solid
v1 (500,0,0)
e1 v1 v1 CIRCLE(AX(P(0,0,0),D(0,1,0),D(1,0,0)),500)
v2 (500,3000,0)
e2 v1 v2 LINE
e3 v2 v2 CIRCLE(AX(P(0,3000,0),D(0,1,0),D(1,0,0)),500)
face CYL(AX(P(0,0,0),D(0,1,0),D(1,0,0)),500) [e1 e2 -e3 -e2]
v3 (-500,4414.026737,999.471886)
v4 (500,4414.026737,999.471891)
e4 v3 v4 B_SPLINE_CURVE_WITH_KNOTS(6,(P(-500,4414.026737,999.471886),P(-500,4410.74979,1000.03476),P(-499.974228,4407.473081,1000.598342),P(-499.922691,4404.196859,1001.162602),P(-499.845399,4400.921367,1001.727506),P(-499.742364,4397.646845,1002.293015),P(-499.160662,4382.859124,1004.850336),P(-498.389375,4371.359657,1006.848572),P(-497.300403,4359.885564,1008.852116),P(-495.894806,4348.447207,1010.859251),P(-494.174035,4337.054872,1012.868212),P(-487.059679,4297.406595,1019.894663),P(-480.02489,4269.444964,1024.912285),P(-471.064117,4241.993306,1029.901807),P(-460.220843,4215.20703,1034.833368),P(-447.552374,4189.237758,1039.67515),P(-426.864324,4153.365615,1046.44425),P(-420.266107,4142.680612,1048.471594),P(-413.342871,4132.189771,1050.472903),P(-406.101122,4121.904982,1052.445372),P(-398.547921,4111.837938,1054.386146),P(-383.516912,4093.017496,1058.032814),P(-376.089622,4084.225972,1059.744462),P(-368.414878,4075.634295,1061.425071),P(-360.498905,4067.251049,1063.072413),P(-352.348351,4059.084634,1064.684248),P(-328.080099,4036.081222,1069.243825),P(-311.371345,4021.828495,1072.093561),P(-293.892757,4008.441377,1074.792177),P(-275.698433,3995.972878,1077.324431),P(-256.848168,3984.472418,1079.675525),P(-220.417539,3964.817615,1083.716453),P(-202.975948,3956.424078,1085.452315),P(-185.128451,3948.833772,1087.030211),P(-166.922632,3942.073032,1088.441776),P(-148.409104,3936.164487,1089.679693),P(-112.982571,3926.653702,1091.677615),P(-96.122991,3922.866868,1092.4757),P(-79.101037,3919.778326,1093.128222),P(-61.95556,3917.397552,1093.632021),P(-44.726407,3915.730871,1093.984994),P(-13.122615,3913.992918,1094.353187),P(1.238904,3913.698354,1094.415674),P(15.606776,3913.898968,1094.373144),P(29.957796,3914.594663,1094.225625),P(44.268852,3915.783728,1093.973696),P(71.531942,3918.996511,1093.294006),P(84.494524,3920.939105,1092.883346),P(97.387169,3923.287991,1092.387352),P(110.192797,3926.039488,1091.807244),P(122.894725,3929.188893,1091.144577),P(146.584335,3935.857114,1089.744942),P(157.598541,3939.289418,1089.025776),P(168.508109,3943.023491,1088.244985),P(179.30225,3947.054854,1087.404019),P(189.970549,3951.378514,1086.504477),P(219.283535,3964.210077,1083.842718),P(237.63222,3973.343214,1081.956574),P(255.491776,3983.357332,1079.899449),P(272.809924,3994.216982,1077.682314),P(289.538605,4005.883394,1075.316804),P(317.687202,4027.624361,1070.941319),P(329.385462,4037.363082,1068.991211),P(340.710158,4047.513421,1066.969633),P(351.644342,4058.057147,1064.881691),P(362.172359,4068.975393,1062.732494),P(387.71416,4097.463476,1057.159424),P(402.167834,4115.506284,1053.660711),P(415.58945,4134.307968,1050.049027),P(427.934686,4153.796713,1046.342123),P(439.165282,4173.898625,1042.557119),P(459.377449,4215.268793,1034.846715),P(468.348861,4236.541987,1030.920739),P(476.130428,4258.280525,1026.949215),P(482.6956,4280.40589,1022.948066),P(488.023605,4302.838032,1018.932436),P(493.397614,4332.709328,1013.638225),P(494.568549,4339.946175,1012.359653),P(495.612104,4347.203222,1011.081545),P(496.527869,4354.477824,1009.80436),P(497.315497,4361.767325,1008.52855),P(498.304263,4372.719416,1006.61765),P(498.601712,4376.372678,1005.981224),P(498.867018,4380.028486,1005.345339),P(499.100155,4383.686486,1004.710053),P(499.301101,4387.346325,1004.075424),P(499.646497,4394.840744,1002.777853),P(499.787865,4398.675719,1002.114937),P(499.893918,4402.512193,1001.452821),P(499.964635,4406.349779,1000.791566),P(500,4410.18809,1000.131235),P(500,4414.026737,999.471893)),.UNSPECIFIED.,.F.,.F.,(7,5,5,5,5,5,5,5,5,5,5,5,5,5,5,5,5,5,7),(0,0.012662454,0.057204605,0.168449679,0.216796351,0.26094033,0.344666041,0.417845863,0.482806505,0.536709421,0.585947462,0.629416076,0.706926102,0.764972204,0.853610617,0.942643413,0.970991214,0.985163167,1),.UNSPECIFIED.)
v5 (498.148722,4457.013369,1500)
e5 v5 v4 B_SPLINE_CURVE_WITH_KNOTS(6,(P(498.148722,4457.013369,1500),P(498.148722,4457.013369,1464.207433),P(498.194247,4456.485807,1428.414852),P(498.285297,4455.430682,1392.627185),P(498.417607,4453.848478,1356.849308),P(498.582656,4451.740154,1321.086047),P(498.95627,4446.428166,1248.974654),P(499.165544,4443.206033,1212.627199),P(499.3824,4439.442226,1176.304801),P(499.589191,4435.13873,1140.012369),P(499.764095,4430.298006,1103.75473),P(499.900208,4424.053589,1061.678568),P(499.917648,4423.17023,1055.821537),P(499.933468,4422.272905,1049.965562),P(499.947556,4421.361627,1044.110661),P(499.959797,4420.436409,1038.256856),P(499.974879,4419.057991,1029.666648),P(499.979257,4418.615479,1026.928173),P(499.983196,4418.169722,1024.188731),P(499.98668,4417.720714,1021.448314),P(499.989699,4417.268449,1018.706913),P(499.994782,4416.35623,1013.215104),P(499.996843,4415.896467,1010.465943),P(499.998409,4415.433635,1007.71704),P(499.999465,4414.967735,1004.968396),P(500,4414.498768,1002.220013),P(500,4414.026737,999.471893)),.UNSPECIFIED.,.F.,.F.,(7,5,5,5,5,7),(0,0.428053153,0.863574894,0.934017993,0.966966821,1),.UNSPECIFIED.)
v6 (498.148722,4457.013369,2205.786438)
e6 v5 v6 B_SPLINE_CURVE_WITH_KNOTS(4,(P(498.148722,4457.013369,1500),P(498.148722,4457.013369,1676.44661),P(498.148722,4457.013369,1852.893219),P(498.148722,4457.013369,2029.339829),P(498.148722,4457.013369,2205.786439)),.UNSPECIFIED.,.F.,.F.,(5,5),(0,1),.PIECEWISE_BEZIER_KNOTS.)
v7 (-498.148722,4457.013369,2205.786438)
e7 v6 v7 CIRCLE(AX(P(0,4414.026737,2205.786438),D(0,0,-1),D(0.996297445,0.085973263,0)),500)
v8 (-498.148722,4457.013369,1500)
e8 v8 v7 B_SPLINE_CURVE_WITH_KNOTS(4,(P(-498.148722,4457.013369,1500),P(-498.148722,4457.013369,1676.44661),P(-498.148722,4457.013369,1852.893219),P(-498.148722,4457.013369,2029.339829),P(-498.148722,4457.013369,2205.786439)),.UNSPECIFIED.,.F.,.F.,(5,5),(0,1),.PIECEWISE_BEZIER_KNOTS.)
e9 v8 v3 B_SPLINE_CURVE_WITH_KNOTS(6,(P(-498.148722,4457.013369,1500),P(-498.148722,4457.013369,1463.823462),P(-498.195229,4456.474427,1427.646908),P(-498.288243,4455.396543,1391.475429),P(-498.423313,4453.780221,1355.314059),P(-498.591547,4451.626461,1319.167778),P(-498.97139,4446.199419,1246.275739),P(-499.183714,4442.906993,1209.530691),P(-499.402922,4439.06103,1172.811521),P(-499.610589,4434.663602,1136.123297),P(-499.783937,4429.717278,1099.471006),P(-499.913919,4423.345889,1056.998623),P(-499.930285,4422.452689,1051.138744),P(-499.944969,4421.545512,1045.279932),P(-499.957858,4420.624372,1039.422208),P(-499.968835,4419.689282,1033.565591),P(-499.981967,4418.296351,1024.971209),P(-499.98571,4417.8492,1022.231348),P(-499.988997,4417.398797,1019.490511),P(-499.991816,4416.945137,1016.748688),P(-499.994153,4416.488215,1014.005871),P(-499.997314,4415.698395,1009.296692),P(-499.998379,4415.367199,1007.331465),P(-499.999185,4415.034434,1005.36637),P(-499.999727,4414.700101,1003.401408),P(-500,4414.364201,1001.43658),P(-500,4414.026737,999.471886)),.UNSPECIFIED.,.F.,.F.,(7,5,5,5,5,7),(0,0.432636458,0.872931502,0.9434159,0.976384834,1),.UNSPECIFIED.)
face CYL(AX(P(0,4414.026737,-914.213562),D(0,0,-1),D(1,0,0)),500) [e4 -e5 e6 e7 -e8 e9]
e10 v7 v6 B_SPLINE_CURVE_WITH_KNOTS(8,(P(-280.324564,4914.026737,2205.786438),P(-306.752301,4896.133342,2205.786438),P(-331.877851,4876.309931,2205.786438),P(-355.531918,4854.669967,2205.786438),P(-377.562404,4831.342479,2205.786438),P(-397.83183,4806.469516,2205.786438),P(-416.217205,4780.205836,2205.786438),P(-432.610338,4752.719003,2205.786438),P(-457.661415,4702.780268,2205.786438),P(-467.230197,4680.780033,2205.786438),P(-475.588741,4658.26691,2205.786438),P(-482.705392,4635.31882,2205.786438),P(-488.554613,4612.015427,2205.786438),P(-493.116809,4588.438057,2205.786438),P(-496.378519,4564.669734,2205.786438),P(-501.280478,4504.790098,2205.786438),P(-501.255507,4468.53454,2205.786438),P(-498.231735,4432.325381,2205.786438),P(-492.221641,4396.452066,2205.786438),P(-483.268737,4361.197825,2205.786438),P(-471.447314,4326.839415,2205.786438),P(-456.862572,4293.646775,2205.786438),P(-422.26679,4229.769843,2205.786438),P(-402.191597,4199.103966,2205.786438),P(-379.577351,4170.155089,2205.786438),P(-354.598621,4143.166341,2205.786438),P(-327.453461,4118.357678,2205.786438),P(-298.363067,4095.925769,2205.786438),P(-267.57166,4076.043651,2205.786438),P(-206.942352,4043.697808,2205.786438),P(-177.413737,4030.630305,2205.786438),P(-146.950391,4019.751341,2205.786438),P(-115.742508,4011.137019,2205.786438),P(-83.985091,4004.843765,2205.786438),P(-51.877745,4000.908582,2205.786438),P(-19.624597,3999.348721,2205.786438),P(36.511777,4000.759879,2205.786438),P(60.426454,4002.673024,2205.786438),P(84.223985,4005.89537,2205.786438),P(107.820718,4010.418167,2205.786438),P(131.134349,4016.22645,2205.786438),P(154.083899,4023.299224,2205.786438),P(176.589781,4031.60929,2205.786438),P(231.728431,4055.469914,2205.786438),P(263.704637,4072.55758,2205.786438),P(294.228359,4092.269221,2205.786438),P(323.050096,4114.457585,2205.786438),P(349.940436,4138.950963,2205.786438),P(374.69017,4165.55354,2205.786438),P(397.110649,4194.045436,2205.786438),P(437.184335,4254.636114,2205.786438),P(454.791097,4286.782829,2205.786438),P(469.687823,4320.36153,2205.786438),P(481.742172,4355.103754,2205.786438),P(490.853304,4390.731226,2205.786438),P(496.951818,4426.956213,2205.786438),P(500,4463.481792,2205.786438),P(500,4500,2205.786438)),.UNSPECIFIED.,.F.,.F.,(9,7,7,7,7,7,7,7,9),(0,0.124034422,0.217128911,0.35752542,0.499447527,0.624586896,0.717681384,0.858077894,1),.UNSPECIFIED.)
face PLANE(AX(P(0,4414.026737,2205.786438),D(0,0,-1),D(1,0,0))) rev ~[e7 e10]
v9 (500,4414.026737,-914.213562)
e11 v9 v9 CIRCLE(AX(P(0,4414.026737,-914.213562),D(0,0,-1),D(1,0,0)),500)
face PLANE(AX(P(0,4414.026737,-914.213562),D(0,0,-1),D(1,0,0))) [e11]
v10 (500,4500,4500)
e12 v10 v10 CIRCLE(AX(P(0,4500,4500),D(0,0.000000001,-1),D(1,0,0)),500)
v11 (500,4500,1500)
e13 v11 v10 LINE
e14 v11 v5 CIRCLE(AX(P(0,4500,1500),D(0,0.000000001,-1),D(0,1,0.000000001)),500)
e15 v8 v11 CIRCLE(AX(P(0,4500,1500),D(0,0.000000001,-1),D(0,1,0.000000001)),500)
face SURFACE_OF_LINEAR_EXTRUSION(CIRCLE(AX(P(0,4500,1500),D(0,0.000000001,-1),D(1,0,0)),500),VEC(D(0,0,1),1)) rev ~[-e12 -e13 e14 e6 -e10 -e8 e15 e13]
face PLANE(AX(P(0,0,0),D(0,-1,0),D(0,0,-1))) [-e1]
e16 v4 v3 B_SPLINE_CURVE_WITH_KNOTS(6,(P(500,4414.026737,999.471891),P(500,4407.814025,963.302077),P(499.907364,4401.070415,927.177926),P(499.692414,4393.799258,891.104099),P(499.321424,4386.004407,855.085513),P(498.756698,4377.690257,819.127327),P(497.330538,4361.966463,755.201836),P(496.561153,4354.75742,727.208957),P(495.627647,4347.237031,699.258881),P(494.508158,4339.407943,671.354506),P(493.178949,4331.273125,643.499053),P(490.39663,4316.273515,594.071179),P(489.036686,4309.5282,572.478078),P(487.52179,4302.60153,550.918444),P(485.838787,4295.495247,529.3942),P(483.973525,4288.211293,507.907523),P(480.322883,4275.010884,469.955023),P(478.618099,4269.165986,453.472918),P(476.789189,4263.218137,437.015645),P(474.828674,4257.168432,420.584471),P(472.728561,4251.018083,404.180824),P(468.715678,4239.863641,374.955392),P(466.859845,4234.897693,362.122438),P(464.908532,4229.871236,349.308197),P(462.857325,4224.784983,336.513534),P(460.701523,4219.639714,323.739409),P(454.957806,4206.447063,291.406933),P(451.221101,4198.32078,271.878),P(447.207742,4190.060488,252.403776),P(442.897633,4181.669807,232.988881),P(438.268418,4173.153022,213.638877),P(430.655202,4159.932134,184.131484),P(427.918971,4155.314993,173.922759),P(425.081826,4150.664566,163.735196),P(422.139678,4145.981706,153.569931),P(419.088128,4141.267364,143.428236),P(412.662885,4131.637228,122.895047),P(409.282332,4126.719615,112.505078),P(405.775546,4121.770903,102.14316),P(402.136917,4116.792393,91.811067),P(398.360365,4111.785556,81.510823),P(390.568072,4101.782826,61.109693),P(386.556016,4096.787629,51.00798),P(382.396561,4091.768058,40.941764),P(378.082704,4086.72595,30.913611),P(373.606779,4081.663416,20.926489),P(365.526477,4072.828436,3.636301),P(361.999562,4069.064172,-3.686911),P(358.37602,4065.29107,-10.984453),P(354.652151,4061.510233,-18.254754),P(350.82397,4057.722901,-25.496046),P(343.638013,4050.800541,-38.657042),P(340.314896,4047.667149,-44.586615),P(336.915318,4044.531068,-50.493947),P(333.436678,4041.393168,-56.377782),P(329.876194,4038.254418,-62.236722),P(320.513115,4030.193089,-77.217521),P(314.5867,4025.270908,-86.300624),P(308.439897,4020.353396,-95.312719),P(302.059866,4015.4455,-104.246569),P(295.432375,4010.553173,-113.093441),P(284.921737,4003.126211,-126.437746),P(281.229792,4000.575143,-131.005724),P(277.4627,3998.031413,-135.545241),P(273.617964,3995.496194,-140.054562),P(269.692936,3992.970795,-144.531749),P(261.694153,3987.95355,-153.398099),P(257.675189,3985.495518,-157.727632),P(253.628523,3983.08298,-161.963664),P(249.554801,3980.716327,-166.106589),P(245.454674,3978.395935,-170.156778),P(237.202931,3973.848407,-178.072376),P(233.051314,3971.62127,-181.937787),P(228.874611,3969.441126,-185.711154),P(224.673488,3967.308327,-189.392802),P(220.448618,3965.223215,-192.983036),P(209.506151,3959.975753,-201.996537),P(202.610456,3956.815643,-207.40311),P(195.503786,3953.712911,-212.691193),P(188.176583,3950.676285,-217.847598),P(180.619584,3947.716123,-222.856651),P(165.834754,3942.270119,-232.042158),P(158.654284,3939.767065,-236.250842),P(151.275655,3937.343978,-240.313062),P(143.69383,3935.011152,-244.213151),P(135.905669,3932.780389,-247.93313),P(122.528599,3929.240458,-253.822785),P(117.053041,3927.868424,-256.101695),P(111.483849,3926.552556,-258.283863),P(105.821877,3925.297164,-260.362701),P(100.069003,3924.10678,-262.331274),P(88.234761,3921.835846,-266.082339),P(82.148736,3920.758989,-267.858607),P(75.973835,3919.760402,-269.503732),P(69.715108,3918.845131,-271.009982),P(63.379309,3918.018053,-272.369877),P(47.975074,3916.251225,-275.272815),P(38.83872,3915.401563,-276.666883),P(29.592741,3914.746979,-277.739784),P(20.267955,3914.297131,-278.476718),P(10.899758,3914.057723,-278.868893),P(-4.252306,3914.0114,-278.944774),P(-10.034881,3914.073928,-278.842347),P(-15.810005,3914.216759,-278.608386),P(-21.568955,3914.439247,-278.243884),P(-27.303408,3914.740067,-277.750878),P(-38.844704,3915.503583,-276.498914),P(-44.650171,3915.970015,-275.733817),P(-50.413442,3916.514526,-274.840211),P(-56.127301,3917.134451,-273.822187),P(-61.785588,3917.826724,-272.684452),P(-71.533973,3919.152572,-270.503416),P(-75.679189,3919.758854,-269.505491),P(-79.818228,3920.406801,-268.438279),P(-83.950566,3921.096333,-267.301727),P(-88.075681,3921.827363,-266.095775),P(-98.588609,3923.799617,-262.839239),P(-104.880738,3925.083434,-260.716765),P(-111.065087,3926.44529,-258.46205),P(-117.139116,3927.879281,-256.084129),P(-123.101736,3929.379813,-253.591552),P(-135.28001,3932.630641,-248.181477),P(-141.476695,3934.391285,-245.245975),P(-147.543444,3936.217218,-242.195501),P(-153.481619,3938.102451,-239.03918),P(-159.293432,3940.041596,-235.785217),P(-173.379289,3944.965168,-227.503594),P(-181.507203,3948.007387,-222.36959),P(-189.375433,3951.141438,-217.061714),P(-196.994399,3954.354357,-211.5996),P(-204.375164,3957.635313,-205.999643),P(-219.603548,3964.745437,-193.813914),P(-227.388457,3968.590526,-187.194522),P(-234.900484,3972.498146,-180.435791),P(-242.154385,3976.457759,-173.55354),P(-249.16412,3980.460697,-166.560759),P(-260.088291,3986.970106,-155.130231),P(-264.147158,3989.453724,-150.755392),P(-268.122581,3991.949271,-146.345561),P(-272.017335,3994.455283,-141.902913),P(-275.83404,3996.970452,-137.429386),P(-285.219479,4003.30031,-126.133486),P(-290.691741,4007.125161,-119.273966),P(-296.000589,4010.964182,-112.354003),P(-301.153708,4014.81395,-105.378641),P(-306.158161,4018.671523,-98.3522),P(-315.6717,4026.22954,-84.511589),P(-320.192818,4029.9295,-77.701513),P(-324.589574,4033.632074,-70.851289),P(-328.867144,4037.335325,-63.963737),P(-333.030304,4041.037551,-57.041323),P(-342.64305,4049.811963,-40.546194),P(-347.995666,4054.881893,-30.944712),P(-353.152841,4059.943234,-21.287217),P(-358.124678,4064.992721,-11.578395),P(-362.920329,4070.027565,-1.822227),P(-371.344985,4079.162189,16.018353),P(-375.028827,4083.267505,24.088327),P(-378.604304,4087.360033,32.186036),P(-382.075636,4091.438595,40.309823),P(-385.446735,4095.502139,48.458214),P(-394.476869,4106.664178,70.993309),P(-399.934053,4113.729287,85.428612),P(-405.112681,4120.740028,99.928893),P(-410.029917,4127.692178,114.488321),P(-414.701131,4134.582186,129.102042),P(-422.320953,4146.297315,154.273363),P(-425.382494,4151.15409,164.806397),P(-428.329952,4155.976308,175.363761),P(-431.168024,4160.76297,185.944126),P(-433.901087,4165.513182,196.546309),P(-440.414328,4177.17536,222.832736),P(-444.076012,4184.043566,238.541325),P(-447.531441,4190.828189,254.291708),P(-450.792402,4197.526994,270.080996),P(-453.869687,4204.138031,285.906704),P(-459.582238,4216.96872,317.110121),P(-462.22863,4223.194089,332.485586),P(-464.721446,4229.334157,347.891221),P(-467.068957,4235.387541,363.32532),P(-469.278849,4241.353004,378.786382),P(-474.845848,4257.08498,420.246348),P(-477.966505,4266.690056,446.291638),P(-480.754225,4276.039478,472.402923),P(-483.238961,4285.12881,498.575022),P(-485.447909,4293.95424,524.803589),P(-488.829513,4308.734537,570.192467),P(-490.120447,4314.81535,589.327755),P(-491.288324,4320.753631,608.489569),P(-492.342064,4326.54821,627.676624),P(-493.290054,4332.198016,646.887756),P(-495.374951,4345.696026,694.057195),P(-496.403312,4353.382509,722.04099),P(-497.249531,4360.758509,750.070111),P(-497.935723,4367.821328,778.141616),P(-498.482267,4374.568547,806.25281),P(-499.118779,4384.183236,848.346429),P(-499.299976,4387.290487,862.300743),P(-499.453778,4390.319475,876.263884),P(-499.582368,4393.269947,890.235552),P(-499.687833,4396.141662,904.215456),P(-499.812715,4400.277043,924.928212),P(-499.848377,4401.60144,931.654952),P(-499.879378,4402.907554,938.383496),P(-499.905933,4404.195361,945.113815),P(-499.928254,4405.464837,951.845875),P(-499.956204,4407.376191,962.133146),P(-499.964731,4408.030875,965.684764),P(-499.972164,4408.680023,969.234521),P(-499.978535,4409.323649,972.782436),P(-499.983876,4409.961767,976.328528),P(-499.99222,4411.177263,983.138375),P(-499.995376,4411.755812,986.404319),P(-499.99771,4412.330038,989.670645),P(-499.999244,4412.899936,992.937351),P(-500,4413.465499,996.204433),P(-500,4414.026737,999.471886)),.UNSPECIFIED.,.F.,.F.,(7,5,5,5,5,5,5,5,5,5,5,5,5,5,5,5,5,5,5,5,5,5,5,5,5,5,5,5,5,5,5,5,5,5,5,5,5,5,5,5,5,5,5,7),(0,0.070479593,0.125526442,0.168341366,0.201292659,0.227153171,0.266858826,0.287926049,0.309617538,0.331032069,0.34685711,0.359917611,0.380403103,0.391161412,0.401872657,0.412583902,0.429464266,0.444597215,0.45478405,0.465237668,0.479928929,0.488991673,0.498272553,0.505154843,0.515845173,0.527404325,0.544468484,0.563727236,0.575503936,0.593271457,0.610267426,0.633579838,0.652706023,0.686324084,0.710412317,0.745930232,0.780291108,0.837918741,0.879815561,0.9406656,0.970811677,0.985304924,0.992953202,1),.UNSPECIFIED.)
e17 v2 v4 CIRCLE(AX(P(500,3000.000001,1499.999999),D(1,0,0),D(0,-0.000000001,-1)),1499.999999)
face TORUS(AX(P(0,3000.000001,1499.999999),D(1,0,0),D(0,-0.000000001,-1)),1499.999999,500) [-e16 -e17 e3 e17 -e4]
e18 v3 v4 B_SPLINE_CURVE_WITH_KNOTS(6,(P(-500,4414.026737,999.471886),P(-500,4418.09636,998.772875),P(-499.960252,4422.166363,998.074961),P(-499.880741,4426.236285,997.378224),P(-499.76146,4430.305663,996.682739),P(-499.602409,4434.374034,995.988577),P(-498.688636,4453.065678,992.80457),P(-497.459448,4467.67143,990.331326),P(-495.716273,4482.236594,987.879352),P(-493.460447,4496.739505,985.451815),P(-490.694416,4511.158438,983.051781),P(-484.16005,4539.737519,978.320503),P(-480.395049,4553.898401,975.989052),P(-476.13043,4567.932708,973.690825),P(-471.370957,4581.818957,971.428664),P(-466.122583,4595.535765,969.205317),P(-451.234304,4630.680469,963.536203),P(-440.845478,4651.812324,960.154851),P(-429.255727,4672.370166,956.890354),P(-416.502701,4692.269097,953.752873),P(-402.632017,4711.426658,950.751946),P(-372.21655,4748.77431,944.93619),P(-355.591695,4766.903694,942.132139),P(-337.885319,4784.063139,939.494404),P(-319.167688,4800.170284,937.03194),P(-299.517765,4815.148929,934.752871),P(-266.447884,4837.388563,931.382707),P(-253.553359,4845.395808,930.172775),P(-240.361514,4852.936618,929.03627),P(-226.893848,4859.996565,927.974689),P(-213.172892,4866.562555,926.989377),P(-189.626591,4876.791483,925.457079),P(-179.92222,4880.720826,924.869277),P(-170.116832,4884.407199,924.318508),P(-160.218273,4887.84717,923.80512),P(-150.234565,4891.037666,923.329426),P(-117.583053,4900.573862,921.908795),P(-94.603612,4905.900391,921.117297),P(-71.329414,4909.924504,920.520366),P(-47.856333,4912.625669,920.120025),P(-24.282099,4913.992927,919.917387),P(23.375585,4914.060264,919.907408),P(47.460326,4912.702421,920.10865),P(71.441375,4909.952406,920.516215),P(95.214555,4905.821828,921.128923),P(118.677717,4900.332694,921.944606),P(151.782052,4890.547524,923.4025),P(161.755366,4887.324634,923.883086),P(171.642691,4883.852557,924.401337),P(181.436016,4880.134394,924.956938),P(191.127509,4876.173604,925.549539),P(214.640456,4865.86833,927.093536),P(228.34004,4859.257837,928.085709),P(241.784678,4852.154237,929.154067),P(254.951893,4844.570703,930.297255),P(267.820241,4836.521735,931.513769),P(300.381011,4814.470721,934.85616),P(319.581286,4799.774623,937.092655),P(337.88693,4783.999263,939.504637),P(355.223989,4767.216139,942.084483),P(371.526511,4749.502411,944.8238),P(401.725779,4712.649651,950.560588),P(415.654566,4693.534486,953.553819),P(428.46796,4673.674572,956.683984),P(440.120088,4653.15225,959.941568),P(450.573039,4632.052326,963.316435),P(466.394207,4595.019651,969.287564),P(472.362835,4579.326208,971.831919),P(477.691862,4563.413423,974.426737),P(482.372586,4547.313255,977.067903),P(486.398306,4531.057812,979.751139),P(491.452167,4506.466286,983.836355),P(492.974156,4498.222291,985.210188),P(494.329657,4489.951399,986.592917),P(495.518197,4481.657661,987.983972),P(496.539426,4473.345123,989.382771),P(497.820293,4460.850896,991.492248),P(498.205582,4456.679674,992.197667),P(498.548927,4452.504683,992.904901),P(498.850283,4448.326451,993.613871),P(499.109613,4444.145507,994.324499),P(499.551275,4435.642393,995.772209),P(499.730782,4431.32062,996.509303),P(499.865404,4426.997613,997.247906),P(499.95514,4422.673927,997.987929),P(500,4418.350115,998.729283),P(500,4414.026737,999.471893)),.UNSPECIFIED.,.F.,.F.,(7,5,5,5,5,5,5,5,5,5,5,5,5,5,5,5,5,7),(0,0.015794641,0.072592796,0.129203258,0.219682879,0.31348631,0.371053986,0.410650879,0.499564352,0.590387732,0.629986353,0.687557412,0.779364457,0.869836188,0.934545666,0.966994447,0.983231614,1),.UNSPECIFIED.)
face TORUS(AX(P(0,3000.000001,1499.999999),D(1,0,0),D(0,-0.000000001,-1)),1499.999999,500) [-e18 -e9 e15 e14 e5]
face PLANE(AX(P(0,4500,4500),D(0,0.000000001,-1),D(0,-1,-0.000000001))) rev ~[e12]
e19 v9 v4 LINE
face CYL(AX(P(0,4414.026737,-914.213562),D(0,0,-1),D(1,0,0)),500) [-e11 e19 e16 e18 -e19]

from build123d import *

# Parameters (mm, degrees)
F0_R     = 500
F4_R     = 500
F5_DEPTH = 3120


with BuildPart() as f2:
    # F2: sweep along a path in F1
    with BuildLine(Plane.YZ) as f2_path:
        Line((0, 0), (3000, 0))
        ThreePointArc((3000, 0), (4060.660172, 439.339828), (4500, 1500))
        Line((4500, 1500), (4500, 4500))
    # F0 (on Front) → F2 (sweep)
    with BuildSketch(Plane.XZ):
        Circle(F0_R)
    sweep(path=f2_path.line)

    # F4 (on face) → F5 (join)
    with BuildSketch(Plane(origin=(0, 0, -914.213562), x_dir=(1, 0, 0), z_dir=(0, 0, -1))):
        with Locations((0, -4414.026737)):
            Circle(F4_R)
    extrude(amount=-F5_DEPTH)


solid = f2.part
